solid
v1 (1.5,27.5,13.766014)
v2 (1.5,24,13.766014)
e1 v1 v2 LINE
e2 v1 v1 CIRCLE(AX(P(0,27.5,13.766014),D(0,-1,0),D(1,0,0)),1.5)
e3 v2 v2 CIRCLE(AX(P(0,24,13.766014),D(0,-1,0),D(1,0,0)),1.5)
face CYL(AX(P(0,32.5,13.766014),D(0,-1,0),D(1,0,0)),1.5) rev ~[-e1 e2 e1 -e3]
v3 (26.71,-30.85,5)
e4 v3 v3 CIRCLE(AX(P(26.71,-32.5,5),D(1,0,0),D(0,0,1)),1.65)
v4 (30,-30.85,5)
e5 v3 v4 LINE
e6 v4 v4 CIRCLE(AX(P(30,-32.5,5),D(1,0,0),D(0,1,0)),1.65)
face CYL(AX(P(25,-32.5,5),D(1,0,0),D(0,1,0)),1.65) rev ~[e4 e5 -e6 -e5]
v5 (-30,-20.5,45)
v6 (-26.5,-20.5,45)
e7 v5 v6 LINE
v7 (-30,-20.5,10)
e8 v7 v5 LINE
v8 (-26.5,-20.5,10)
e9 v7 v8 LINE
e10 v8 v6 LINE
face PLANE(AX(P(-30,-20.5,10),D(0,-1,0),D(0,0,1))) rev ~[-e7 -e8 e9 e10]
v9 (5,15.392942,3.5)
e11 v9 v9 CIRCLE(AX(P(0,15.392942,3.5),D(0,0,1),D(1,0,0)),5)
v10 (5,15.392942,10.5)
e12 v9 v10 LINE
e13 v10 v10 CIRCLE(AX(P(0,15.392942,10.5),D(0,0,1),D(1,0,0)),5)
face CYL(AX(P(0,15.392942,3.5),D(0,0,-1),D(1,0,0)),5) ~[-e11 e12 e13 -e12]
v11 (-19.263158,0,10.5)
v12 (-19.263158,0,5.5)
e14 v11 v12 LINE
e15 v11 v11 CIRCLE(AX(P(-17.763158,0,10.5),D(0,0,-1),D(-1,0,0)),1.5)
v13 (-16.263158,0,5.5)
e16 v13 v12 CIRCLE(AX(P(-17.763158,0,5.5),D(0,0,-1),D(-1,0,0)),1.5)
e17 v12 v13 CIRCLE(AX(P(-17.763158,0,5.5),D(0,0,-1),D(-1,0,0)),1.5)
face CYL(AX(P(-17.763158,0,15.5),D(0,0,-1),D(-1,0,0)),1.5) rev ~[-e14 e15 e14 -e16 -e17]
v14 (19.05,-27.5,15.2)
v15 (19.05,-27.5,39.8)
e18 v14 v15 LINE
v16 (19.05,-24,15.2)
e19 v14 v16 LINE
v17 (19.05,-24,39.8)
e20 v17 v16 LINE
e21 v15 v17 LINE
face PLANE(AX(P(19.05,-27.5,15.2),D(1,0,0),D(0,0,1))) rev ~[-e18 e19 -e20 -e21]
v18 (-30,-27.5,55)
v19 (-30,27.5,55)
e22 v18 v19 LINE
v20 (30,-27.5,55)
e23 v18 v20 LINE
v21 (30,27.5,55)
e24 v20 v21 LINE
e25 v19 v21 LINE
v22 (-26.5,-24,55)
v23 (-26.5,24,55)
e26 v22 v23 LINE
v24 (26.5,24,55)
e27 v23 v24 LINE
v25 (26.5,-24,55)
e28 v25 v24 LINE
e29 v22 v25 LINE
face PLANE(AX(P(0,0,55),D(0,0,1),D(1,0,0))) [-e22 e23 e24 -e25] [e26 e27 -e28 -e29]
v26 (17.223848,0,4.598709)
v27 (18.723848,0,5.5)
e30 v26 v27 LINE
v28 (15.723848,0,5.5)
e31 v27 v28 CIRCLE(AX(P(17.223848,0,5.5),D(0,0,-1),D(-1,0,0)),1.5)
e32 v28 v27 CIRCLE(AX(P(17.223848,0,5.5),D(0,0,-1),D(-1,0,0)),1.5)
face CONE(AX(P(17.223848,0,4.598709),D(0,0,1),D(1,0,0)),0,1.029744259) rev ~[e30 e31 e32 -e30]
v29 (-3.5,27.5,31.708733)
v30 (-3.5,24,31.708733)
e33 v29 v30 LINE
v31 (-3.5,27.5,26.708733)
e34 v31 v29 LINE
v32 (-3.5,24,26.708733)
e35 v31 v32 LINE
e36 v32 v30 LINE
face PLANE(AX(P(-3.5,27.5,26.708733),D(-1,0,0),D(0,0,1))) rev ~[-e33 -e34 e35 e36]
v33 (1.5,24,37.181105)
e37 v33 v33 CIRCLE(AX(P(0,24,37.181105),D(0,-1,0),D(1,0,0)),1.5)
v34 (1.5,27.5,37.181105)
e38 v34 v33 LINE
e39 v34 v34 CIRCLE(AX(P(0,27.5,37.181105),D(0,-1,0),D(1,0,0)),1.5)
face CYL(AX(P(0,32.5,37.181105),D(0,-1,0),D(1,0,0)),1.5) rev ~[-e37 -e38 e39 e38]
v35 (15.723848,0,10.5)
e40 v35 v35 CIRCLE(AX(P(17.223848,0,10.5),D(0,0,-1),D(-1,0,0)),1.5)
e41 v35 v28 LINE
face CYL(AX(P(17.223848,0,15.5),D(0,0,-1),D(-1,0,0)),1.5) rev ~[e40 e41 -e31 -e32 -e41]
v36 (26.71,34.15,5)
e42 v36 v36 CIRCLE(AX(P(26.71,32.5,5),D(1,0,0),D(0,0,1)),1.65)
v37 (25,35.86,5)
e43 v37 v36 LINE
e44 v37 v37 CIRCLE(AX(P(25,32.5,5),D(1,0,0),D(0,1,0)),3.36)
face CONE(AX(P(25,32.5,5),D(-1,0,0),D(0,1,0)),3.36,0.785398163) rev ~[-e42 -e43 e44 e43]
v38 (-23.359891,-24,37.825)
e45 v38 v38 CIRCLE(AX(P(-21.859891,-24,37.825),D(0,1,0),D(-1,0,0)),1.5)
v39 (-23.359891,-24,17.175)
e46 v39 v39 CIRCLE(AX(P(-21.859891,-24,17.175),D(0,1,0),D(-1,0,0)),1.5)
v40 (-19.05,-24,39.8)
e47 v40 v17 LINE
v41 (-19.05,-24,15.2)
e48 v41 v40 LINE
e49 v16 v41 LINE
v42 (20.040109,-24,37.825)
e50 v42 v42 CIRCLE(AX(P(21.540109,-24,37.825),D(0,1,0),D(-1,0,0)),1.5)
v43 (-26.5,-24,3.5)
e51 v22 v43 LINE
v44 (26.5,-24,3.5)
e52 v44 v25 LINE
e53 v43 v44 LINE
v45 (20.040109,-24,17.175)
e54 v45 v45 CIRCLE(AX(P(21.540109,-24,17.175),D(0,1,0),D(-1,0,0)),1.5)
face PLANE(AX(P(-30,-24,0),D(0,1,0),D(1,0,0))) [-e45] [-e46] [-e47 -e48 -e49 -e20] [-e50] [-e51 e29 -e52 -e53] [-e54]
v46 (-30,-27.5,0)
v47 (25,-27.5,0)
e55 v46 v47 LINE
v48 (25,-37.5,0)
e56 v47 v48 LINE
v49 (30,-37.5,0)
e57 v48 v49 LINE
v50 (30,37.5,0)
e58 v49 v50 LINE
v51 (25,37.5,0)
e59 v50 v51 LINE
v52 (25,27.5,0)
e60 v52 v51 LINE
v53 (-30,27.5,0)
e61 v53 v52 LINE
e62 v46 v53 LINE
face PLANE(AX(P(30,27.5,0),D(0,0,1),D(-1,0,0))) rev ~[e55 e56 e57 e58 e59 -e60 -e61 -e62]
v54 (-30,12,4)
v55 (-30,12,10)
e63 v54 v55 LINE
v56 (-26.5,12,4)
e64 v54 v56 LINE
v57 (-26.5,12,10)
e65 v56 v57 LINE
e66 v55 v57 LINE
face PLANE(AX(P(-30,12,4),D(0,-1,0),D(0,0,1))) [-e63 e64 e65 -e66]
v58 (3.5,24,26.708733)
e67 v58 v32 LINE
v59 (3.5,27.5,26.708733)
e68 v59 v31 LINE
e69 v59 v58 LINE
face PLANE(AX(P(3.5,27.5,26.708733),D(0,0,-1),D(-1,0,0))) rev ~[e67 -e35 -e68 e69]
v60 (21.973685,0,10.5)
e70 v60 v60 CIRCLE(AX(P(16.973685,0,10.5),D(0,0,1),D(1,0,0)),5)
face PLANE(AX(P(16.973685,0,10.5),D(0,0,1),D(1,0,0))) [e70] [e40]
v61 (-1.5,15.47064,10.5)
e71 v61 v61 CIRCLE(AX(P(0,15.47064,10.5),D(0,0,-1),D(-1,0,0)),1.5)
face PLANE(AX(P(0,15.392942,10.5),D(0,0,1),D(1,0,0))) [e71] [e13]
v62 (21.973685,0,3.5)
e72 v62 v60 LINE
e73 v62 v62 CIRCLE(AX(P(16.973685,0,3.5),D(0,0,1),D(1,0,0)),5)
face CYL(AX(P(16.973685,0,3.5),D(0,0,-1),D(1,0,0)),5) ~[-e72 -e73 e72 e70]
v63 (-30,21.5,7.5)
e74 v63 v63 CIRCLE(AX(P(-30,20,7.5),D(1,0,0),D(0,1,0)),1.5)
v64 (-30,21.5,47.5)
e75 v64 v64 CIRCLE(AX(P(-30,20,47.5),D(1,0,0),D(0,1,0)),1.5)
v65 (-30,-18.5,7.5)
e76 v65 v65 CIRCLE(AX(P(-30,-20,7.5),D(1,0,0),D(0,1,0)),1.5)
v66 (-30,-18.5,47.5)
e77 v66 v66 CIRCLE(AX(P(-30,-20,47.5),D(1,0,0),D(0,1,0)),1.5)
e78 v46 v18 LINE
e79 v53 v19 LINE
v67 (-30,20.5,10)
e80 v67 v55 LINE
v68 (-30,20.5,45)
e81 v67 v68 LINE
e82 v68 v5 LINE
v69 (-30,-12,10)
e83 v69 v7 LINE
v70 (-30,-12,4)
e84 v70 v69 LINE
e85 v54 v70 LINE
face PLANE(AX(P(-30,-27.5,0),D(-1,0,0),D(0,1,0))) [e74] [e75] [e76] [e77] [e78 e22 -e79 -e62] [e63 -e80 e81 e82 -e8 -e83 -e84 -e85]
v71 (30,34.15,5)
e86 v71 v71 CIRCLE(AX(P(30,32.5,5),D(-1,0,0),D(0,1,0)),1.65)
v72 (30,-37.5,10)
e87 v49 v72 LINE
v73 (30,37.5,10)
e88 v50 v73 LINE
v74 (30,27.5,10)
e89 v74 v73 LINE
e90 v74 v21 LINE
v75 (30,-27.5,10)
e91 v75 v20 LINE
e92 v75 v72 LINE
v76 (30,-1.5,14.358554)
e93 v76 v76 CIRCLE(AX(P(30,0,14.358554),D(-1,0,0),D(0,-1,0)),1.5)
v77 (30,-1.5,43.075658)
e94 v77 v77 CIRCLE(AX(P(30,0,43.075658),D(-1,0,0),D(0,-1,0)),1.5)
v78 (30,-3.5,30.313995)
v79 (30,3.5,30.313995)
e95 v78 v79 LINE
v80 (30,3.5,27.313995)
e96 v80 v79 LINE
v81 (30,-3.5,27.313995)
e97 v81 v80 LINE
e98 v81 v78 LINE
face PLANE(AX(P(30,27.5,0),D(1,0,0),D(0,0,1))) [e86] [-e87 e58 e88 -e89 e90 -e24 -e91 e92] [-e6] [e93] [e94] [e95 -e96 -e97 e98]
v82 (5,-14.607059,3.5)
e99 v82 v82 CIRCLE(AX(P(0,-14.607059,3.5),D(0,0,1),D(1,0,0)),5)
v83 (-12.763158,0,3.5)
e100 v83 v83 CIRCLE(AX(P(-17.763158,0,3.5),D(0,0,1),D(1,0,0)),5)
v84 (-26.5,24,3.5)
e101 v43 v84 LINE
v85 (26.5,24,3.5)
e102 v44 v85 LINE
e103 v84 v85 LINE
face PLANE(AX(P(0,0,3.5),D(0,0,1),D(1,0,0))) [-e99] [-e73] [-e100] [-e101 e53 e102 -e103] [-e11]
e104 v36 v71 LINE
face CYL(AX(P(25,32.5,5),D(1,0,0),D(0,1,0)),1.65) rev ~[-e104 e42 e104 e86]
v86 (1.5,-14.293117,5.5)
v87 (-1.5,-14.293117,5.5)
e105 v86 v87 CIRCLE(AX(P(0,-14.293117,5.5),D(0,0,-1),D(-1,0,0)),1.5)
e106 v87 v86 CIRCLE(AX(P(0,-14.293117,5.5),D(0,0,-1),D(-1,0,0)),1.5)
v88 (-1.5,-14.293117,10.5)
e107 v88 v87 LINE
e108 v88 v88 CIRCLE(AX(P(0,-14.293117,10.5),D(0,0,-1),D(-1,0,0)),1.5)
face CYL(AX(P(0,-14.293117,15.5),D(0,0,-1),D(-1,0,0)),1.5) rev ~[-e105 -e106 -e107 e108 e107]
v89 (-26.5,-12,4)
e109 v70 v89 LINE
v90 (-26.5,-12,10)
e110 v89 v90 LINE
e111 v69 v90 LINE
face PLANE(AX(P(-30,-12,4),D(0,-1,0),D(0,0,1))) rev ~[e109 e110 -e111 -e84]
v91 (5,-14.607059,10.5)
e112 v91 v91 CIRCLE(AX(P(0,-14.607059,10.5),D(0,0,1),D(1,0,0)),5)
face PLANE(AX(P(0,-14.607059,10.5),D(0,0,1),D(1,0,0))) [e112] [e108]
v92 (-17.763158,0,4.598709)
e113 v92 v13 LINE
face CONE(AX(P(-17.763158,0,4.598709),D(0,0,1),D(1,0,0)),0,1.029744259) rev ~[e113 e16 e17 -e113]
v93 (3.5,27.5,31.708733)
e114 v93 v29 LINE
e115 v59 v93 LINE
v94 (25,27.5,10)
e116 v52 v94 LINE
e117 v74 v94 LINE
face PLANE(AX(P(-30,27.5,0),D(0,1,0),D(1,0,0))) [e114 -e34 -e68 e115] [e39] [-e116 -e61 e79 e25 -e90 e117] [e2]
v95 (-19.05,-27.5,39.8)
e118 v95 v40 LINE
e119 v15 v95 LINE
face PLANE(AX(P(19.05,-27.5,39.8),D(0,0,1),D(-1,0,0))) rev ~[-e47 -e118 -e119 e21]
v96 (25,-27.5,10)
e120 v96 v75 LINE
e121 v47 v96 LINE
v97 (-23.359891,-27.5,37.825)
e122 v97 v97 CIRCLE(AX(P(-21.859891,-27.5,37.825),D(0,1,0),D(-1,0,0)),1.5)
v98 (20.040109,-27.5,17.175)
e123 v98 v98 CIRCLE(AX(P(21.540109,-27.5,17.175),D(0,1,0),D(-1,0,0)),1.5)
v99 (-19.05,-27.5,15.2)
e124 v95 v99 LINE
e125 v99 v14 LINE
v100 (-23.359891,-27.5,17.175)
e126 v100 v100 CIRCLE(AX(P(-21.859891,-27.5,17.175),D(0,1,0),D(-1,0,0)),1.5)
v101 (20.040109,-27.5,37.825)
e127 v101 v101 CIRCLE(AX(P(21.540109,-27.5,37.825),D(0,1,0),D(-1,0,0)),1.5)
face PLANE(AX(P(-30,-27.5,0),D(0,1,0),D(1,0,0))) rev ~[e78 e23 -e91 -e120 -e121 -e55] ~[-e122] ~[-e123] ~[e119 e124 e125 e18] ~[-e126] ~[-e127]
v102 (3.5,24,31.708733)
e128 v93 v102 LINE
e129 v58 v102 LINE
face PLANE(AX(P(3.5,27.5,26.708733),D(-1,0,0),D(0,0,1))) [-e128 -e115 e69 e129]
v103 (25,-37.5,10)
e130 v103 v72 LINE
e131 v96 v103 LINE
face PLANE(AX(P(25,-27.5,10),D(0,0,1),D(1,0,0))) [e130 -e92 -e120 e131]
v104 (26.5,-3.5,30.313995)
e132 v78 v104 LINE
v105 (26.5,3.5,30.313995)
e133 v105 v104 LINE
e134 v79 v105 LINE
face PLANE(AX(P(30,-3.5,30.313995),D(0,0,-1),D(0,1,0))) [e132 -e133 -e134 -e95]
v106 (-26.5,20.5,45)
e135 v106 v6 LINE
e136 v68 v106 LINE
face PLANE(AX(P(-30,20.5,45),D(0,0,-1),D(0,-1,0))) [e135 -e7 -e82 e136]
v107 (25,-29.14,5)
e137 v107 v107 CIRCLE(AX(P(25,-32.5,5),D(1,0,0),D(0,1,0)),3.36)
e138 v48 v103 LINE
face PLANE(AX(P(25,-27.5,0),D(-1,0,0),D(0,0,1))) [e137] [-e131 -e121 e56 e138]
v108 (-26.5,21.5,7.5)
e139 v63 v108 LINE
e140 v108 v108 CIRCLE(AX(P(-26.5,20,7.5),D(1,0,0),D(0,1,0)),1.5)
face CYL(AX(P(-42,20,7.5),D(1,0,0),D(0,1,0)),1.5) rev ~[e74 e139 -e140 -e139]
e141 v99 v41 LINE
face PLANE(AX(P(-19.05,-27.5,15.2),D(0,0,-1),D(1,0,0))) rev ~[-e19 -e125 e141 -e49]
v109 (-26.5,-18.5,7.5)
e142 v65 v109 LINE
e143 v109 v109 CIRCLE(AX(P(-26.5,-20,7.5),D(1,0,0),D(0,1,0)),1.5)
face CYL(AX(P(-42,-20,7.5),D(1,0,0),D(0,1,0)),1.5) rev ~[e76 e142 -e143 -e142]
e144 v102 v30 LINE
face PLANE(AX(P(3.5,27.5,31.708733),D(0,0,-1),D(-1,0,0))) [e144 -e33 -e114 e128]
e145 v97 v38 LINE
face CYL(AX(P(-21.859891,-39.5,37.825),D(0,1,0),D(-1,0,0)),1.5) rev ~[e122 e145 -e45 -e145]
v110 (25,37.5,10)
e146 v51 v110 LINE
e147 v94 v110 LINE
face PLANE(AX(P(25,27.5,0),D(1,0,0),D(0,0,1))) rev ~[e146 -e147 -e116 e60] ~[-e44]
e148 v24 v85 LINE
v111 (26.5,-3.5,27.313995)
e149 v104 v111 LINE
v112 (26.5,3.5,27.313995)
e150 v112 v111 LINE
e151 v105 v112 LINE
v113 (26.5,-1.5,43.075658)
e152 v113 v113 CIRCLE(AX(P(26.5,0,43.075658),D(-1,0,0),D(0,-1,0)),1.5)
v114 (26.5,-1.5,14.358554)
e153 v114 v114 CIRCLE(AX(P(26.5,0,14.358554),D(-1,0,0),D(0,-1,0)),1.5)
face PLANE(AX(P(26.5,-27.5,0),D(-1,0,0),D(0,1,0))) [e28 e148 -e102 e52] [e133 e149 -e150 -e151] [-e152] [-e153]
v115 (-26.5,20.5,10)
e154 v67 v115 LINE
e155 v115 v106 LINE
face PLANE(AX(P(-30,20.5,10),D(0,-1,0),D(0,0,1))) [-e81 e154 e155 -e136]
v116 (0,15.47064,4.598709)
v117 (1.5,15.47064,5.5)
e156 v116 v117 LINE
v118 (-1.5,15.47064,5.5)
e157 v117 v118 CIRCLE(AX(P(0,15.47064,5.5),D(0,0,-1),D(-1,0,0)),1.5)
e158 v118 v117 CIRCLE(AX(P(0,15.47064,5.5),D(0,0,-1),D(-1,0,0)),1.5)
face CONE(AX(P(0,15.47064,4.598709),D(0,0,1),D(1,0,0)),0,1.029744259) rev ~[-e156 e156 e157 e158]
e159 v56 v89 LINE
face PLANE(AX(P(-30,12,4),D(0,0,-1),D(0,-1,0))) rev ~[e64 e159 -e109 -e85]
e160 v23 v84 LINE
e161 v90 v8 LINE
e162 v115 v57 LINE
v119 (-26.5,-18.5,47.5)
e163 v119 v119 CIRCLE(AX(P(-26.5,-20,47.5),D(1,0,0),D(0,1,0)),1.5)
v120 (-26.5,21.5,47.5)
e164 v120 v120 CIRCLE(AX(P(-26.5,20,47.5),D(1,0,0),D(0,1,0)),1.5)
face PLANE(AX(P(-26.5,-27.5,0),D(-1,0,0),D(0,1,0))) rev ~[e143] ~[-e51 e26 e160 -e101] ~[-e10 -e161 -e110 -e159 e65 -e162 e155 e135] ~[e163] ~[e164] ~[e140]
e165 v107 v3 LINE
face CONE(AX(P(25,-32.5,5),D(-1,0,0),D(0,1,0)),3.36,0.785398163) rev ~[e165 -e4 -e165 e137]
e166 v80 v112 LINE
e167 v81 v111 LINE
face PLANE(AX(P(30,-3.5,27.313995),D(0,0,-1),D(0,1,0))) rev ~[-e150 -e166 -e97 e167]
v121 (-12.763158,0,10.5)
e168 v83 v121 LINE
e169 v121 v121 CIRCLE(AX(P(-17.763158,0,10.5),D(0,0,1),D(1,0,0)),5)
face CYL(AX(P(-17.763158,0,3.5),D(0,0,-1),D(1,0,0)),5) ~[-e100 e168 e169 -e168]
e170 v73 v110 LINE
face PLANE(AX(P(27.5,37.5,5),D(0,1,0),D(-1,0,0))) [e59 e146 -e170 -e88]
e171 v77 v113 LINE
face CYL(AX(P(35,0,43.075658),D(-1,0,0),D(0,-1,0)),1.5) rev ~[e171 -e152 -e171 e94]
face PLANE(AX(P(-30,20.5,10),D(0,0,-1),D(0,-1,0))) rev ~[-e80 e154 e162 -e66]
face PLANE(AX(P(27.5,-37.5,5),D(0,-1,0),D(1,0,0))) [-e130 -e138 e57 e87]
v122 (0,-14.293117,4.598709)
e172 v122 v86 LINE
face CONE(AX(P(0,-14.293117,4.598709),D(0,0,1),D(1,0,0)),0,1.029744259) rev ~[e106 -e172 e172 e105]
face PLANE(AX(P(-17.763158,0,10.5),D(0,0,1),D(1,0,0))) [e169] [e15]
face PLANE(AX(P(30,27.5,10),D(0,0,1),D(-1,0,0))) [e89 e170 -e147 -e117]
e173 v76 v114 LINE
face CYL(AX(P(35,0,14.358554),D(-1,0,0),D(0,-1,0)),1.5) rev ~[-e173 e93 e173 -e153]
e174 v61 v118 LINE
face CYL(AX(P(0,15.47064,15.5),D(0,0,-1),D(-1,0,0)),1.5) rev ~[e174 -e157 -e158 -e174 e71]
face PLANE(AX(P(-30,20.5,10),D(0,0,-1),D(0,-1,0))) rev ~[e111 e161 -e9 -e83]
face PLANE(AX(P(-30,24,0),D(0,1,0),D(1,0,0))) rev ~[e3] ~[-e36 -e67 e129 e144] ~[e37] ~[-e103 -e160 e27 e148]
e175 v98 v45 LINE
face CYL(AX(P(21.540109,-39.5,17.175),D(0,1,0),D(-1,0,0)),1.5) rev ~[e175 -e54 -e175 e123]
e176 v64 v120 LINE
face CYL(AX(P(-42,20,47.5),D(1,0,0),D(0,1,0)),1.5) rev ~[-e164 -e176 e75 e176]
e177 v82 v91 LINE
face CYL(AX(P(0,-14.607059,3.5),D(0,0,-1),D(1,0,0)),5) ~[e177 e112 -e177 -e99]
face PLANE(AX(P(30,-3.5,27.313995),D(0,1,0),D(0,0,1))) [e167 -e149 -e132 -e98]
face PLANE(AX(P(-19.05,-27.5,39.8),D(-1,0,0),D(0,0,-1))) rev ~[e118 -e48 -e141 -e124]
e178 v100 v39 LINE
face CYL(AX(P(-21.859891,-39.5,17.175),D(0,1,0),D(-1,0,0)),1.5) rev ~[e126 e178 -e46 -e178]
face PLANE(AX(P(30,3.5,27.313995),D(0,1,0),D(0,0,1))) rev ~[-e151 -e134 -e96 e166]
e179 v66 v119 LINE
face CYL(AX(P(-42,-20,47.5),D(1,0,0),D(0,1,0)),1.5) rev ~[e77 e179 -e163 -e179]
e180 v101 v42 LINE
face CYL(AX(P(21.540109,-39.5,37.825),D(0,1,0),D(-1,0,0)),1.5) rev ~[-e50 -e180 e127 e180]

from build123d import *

# Parameters (mm, degrees)
F0_W            = 60
F0_H            = 55
F1_DEPTH        = 55
F2_T            = -3.5
F4_DEPTH        = 5
F6_D            = 3
F6_DEPTH        = 12
F6_TIP          = 0.9012909285
F8_D            = 3
F8_DEPTH        = 12
F8_TIP          = 0.9012909285
F7_W            = 41
F7_H            = 35
F9_DEPTH        = 25
F10_R           = 5
F11_DEPTH       = 7
F13_D           = 3
F13_DEPTH       = 5
F13_TIP         = 0.9012909285
F14_W           = 7
F14_H           = 3
F15_DEPTH       = 5
F16_W           = 7
F16_H           = 5
F17_DEPTH       = 5
F18_W           = 24
F18_H           = 6
F19_DEPTH       = 4
F21_D           = 3
F21_DEPTH       = 5
F21_TIP         = 0.9012909285
F23_D           = 3
F23_DEPTH       = 5
F23_TIP         = 0.9012909285
F24_W           = 5
F24_H           = 10
F25_DEPTH       = 10
F27_D           = 3.3
F27_DEPTH       = 5
F27_CSINK_D     = 6.72
F27_CSINK_ANGLE = 90
F27_TIP         = 0.9914200214
F28_W           = 5
F28_H           = 10
F29_DEPTH       = 10
F31_D           = 3.3
F31_DEPTH       = 5
F31_CSINK_D     = 6.72
F31_CSINK_ANGLE = 90
F31_TIP         = 0.9914200214


with BuildPart() as f1:
    # F0 (on Top) → F1 (new body)
    with BuildSketch(Plane.XY):
        Rectangle(F0_W, F0_H)
    extrude(amount=F1_DEPTH)

    # F2
    f2_openings = [f1.faces().sort_by_distance(p)[0] for p in [
        (0, 0, 55),
    ]]
    offset(amount=F2_T, openings=f2_openings)

    # F3 (on face) → F4 (cut)
    with BuildSketch(Plane.XZ.offset(27.5)):
        Polygon((19.05, 39.8), (-19.05, 39.8), (-19.05, 15.2), (0, 15.2), (19.05, 15.2), align=None)
    extrude(amount=-F4_DEPTH, mode=Mode.SUBTRACT)

    # F6
    with Locations(Plane.XZ.offset(27.5)):
        with Locations((-21.8598913223, 37.825), (-21.8598913223, 17.175), (21.5401086777, 17.175), (21.5401086777, 37.825)):
            Hole(F6_D / 2, depth=F6_DEPTH)
            with Locations((0, 0, -(F6_DEPTH + F6_TIP / 2))):  # 118° drill point
                Cone(0, F6_D / 2, F6_TIP, mode=Mode.SUBTRACT)

    # F8
    with Locations(Plane(origin=(-30, 0, 0), x_dir=(0, -1, 0), z_dir=(-1, 0, 0))):
        with Locations((-20, 47.5), (-20, 7.5), (20, 7.5), (20, 47.5)):
            Hole(F8_D / 2, depth=F8_DEPTH)
            with Locations((0, 0, -(F8_DEPTH + F8_TIP / 2))):  # 118° drill point
                Cone(0, F8_D / 2, F8_TIP, mode=Mode.SUBTRACT)

    # F7 (on face) → F9 (cut)
    with BuildSketch(Plane(origin=(-30, 0, 0), x_dir=(0, -1, 0), z_dir=(-1, 0, 0))):
        with Locations((0, 27.5)):
            Rectangle(F7_W, F7_H)
    extrude(amount=-F9_DEPTH, mode=Mode.SUBTRACT)

    # F10 (on face) → F11 (join)
    with BuildSketch(Plane.XY.offset(3.5)):
        with Locations((-17.7631583065, 0)):
            Circle(F10_R)
        with Locations((0, 15.3929423541)):
            Circle(F10_R)
        with Locations((16.9736854732, 0)):
            Circle(F10_R)
        with Locations((0, -14.607058838)):
            Circle(F10_R)
    extrude(amount=F11_DEPTH)

    # F13
    with Locations(Plane.XY.offset(10.5)):
        with Locations((0, 15.4706398025), (-17.7631583065, 0), (0, -14.2931165174), (17.22384803, 0)):
            Hole(F13_D / 2, depth=F13_DEPTH)
            with Locations((0, 0, -(F13_DEPTH + F13_TIP / 2))):  # 118° drill point
                Cone(0, F13_D / 2, F13_TIP, mode=Mode.SUBTRACT)

    # F14 (on face) → F15 (cut)
    with BuildSketch(Plane.YZ.offset(30)):
        with Locations((0, 28.8139954209)):
            Rectangle(F14_W, F14_H)
    extrude(amount=-F15_DEPTH, mode=Mode.SUBTRACT)

    # F16 (on face) → F17 (cut)
    with BuildSketch(Plane(origin=(0, 27.5, 0), x_dir=(-1, 0, 0), z_dir=(0, 1, 0))):
        with Locations((0, 29.2087327689)):
            Rectangle(F16_W, F16_H)
    extrude(amount=-F17_DEPTH, mode=Mode.SUBTRACT)

    # F18 (on face) → F19 (cut)
    with BuildSketch(Plane(origin=(-30, 0, 0), x_dir=(0, -1, 0), z_dir=(-1, 0, 0))):
        with Locations((0, 7)):
            Rectangle(F18_W, F18_H)
    extrude(amount=-F19_DEPTH, mode=Mode.SUBTRACT)

    # F21
    with Locations(Plane.YZ.offset(30)):
        with Locations((0, 43.075658381), (0, 14.3585540354)):
            Hole(F21_D / 2, depth=F21_DEPTH)
            with Locations((0, 0, -(F21_DEPTH + F21_TIP / 2))):  # 118° drill point
                Cone(0, F21_D / 2, F21_TIP, mode=Mode.SUBTRACT)

    # F23
    with Locations(Plane(origin=(0, 27.5, 0), x_dir=(-1, 0, 0), z_dir=(0, 1, 0))):
        with Locations((0, 37.1811050391), (0, 13.7660141307)):
            Hole(F23_D / 2, depth=F23_DEPTH)
            with Locations((0, 0, -(F23_DEPTH + F23_TIP / 2))):  # 118° drill point
                Cone(0, F23_D / 2, F23_TIP, mode=Mode.SUBTRACT)

    # F24 (on face) → F25 (join)
    with BuildSketch(Plane.XZ.offset(27.5)):
        with Locations((27.5, 5)):
            Rectangle(F24_W, F24_H)
    extrude(amount=F25_DEPTH)

    # F27
    with Locations(Plane(origin=(25, 0, 0), x_dir=(0, -1, 0), z_dir=(-1, 0, 0))):
        with Locations((32.5, 5)):
            CounterSinkHole(F27_D / 2, F27_CSINK_D / 2, depth=F27_DEPTH, counter_sink_angle=F27_CSINK_ANGLE)
            with Locations((0, 0, -(F27_DEPTH + F27_TIP / 2))):  # 118° drill point
                Cone(0, F27_D / 2, F27_TIP, mode=Mode.SUBTRACT)

    # F28 (on face) → F29 (join)
    with BuildSketch(Plane(origin=(0, 27.5, 0), x_dir=(-1, 0, 0), z_dir=(0, 1, 0))):
        with Locations((-27.5, 5)):
            Rectangle(F28_W, F28_H)
    extrude(amount=F29_DEPTH)

    # F31
    with Locations(Plane(origin=(25, 0, 0), x_dir=(0, -1, 0), z_dir=(-1, 0, 0))):
        with Locations((-32.5, 5)):
            CounterSinkHole(F31_D / 2, F31_CSINK_D / 2, depth=F31_DEPTH, counter_sink_angle=F31_CSINK_ANGLE)
            with Locations((0, 0, -(F31_DEPTH + F31_TIP / 2))):  # 118° drill point
                Cone(0, F31_D / 2, F31_TIP, mode=Mode.SUBTRACT)


solid = f1.part
